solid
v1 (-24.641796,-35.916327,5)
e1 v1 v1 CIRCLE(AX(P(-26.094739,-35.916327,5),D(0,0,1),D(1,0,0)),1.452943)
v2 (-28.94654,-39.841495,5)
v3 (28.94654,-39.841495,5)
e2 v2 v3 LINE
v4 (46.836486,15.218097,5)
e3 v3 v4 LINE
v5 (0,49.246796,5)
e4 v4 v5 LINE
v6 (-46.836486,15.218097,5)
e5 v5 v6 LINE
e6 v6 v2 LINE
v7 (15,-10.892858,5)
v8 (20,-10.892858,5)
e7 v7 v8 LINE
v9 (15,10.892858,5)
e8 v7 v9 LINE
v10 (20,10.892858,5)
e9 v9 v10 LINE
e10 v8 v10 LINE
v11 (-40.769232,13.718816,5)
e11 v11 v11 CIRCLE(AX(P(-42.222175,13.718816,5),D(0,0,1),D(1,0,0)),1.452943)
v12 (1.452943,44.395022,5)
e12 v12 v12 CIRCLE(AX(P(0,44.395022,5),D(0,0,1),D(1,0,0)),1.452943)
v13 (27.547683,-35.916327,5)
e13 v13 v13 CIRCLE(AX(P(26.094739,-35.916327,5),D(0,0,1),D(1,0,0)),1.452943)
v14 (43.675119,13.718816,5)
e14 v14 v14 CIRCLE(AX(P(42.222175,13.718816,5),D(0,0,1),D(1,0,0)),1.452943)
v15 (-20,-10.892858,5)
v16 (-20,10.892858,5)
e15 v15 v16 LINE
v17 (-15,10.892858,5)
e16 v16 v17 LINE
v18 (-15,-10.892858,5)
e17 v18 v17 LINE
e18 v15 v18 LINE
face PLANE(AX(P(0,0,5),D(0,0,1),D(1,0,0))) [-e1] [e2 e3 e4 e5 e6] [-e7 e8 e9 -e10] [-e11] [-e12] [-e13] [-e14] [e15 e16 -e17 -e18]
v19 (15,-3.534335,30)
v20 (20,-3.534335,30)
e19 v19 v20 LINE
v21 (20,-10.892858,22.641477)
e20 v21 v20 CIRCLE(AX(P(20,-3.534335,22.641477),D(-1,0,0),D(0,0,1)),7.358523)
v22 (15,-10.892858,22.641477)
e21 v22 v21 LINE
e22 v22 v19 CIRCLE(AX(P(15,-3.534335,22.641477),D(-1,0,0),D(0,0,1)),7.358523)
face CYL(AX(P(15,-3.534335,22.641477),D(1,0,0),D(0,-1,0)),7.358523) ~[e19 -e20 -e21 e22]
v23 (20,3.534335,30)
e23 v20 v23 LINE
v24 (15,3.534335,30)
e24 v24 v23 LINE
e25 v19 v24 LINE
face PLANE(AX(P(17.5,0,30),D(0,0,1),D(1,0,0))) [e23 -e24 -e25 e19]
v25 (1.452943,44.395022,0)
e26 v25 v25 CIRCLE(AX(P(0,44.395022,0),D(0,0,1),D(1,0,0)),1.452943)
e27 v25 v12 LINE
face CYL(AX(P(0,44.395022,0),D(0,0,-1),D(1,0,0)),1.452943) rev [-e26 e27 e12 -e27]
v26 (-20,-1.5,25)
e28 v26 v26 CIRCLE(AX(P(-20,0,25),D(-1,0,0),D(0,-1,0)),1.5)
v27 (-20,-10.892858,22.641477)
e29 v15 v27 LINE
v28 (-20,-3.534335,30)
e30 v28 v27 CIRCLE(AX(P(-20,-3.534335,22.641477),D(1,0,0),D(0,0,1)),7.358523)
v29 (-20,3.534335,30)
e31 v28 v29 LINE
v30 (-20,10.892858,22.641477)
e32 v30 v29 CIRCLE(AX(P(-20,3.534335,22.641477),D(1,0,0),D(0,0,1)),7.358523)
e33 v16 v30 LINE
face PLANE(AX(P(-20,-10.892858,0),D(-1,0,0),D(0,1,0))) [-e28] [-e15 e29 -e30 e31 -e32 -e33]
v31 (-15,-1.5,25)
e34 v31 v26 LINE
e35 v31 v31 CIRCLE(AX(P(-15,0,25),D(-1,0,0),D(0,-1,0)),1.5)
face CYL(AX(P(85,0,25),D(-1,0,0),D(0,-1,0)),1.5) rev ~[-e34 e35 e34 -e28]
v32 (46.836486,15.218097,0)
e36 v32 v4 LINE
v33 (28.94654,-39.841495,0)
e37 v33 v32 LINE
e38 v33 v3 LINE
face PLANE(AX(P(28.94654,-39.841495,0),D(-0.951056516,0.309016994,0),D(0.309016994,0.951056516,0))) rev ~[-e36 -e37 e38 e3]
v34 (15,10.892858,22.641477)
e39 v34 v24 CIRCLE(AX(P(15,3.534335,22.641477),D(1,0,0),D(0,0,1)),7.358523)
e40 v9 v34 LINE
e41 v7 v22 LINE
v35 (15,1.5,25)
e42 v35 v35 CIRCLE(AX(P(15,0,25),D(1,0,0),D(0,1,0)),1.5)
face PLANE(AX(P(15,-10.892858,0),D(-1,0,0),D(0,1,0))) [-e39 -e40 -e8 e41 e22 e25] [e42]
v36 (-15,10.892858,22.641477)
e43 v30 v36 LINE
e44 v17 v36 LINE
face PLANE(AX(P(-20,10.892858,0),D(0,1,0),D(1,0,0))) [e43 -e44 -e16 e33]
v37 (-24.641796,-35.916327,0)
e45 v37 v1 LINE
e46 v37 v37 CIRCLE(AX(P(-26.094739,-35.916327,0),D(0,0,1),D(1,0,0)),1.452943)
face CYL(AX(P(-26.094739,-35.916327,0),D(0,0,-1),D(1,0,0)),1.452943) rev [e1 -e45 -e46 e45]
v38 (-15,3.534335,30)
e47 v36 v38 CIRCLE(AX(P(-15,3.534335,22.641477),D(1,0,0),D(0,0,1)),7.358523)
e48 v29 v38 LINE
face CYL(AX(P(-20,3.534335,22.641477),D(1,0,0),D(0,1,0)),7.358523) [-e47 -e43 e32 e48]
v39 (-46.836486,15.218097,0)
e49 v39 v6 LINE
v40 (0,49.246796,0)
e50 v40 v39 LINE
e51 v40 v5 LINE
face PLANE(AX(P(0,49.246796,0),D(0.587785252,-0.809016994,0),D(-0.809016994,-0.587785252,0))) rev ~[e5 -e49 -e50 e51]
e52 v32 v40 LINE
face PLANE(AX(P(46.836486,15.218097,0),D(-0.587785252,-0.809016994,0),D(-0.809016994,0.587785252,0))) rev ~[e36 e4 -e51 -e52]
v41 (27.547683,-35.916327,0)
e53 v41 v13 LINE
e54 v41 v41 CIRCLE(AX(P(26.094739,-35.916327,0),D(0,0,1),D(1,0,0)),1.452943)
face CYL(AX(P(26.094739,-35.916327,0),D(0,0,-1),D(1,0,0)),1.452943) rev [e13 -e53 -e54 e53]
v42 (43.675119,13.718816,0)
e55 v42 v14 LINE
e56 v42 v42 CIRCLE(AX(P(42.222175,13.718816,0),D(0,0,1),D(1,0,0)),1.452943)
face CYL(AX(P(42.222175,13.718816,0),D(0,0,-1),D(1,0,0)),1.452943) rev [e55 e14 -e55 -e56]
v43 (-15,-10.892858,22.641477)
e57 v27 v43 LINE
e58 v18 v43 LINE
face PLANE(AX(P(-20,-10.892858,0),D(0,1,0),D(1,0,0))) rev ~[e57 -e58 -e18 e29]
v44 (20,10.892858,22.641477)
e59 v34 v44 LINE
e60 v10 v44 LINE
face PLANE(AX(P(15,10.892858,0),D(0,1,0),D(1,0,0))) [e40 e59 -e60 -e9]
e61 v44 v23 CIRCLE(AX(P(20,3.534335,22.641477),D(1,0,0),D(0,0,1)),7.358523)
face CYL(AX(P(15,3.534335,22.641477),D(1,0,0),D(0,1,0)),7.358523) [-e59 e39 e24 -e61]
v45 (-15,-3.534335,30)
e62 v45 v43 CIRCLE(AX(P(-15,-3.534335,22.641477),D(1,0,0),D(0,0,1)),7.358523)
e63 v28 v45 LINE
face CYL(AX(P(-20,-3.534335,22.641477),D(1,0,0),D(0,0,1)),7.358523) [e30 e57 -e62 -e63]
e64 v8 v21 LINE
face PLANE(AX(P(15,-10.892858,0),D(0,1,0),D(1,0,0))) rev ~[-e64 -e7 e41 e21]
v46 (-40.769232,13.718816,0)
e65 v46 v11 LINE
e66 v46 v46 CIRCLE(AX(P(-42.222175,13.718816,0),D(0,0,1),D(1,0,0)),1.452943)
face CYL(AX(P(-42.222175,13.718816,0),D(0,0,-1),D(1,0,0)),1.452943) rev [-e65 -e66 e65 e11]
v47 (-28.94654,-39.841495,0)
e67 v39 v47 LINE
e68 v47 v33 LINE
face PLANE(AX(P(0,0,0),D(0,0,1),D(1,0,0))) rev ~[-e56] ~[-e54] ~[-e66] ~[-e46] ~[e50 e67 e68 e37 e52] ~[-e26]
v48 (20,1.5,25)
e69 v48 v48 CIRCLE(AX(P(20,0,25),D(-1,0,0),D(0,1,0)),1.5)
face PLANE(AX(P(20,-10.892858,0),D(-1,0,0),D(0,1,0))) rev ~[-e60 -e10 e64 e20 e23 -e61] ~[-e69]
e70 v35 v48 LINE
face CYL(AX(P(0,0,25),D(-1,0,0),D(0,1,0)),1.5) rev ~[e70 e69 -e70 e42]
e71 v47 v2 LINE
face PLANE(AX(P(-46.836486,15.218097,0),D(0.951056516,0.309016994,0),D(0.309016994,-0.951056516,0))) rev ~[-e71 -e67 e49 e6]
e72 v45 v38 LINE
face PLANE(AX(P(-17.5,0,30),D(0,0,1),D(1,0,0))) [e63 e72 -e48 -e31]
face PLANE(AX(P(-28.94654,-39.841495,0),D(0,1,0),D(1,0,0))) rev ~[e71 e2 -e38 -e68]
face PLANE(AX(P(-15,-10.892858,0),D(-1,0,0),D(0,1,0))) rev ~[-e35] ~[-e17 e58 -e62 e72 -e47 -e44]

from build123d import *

# Parameters (mm, degrees)
F0_R     = 1.4529433878
F0_W     = 5
F0_H     = 21.7857151878
F1_DEPTH = 5
F2_DEPTH = 30
F3_R     = 7.3585229381
F5_D     = 3
F5_DEPTH = 100
F5_TIP   = 0.9012909285
F6_D     = 3
F6_DEPTH = 100
F6_START = 15
F6_TIP   = 0.9012909285


with BuildPart() as f1:
    # F0 (on Top) → F1 (new body)
    with BuildSketch(Plane.XY):
        Polygon((46.8364858899, 15.218096768), (0, 49.2467956293), (-46.8364858899, 15.218096768), (-28.9465401936, -39.8414945826), (28.9465401936, -39.8414945826), align=None)
        with Locations((-26.0947393151, -35.9163274127)):
            Circle(F0_R, mode=Mode.SUBTRACT)
        with Locations((-17.5, 0)):
            Rectangle(F0_W, F0_H, mode=Mode.SUBTRACT)
        with Locations((26.0947393151, -35.9163274127)):
            Circle(F0_R, mode=Mode.SUBTRACT)
        with Locations((17.5, 0)):
            Rectangle(F0_W, F0_H, mode=Mode.SUBTRACT)
        with Locations((-42.2221751394, 13.7188163206)):
            Circle(F0_R, mode=Mode.SUBTRACT)
        with Locations((42.2221751394, 13.7188163206)):
            Circle(F0_R, mode=Mode.SUBTRACT)
        with Locations((0, 44.3950221842)):
            Circle(F0_R, mode=Mode.SUBTRACT)
    extrude(amount=F1_DEPTH)

    # F0 (on Top) → F2 (join)
    with BuildSketch(Plane.XY):
        with Locations((-17.5, 0)):
            Rectangle(F0_W, F0_H)
        with Locations((17.5, 0)):
            Rectangle(F0_W, F0_H)
    extrude(amount=F2_DEPTH)

    # F3
    f3_edges = [f1.edges().sort_by_distance(p)[0] for p in [
        (-17.5, -10.892858, 30),
        (17.5, -10.892858, 30),
        (17.5, 10.892858, 30),
        (-17.5, 10.892858, 30),
    ]]
    fillet(f3_edges, radius=F3_R)

    # F5 (one way)
    with BuildSketch(Plane(origin=(0, 0, 0), x_dir=(0, 1, 0), z_dir=(-1, 0, 0))):
        with Locations((0, -25)):
            Circle(F5_D / 2)
    extrude(amount=-F5_DEPTH, mode=Mode.SUBTRACT)
    with Locations(Plane(origin=(0, 0, 0), x_dir=(0, 1, 0), z_dir=(-1, 0, 0))):
        with Locations((0, -25)):
            with Locations((0, 0, -(F5_DEPTH + F5_TIP / 2))):  # 118° drill point
                Cone(0, F5_D / 2, F5_TIP, mode=Mode.SUBTRACT)

    # F6
    # its depths count from where the whole tool has entered the part; down to there all is cleared
    with Locations(Plane.YZ.offset(-F6_START)):
        with Locations((0, 25)):
            Hole(F6_D / 2, depth=F6_DEPTH)
            with Locations((0, 0, -(F6_DEPTH + F6_TIP / 2))):  # 118° drill point
                Cone(0, F6_D / 2, F6_TIP, mode=Mode.SUBTRACT)


solid = f1.part
